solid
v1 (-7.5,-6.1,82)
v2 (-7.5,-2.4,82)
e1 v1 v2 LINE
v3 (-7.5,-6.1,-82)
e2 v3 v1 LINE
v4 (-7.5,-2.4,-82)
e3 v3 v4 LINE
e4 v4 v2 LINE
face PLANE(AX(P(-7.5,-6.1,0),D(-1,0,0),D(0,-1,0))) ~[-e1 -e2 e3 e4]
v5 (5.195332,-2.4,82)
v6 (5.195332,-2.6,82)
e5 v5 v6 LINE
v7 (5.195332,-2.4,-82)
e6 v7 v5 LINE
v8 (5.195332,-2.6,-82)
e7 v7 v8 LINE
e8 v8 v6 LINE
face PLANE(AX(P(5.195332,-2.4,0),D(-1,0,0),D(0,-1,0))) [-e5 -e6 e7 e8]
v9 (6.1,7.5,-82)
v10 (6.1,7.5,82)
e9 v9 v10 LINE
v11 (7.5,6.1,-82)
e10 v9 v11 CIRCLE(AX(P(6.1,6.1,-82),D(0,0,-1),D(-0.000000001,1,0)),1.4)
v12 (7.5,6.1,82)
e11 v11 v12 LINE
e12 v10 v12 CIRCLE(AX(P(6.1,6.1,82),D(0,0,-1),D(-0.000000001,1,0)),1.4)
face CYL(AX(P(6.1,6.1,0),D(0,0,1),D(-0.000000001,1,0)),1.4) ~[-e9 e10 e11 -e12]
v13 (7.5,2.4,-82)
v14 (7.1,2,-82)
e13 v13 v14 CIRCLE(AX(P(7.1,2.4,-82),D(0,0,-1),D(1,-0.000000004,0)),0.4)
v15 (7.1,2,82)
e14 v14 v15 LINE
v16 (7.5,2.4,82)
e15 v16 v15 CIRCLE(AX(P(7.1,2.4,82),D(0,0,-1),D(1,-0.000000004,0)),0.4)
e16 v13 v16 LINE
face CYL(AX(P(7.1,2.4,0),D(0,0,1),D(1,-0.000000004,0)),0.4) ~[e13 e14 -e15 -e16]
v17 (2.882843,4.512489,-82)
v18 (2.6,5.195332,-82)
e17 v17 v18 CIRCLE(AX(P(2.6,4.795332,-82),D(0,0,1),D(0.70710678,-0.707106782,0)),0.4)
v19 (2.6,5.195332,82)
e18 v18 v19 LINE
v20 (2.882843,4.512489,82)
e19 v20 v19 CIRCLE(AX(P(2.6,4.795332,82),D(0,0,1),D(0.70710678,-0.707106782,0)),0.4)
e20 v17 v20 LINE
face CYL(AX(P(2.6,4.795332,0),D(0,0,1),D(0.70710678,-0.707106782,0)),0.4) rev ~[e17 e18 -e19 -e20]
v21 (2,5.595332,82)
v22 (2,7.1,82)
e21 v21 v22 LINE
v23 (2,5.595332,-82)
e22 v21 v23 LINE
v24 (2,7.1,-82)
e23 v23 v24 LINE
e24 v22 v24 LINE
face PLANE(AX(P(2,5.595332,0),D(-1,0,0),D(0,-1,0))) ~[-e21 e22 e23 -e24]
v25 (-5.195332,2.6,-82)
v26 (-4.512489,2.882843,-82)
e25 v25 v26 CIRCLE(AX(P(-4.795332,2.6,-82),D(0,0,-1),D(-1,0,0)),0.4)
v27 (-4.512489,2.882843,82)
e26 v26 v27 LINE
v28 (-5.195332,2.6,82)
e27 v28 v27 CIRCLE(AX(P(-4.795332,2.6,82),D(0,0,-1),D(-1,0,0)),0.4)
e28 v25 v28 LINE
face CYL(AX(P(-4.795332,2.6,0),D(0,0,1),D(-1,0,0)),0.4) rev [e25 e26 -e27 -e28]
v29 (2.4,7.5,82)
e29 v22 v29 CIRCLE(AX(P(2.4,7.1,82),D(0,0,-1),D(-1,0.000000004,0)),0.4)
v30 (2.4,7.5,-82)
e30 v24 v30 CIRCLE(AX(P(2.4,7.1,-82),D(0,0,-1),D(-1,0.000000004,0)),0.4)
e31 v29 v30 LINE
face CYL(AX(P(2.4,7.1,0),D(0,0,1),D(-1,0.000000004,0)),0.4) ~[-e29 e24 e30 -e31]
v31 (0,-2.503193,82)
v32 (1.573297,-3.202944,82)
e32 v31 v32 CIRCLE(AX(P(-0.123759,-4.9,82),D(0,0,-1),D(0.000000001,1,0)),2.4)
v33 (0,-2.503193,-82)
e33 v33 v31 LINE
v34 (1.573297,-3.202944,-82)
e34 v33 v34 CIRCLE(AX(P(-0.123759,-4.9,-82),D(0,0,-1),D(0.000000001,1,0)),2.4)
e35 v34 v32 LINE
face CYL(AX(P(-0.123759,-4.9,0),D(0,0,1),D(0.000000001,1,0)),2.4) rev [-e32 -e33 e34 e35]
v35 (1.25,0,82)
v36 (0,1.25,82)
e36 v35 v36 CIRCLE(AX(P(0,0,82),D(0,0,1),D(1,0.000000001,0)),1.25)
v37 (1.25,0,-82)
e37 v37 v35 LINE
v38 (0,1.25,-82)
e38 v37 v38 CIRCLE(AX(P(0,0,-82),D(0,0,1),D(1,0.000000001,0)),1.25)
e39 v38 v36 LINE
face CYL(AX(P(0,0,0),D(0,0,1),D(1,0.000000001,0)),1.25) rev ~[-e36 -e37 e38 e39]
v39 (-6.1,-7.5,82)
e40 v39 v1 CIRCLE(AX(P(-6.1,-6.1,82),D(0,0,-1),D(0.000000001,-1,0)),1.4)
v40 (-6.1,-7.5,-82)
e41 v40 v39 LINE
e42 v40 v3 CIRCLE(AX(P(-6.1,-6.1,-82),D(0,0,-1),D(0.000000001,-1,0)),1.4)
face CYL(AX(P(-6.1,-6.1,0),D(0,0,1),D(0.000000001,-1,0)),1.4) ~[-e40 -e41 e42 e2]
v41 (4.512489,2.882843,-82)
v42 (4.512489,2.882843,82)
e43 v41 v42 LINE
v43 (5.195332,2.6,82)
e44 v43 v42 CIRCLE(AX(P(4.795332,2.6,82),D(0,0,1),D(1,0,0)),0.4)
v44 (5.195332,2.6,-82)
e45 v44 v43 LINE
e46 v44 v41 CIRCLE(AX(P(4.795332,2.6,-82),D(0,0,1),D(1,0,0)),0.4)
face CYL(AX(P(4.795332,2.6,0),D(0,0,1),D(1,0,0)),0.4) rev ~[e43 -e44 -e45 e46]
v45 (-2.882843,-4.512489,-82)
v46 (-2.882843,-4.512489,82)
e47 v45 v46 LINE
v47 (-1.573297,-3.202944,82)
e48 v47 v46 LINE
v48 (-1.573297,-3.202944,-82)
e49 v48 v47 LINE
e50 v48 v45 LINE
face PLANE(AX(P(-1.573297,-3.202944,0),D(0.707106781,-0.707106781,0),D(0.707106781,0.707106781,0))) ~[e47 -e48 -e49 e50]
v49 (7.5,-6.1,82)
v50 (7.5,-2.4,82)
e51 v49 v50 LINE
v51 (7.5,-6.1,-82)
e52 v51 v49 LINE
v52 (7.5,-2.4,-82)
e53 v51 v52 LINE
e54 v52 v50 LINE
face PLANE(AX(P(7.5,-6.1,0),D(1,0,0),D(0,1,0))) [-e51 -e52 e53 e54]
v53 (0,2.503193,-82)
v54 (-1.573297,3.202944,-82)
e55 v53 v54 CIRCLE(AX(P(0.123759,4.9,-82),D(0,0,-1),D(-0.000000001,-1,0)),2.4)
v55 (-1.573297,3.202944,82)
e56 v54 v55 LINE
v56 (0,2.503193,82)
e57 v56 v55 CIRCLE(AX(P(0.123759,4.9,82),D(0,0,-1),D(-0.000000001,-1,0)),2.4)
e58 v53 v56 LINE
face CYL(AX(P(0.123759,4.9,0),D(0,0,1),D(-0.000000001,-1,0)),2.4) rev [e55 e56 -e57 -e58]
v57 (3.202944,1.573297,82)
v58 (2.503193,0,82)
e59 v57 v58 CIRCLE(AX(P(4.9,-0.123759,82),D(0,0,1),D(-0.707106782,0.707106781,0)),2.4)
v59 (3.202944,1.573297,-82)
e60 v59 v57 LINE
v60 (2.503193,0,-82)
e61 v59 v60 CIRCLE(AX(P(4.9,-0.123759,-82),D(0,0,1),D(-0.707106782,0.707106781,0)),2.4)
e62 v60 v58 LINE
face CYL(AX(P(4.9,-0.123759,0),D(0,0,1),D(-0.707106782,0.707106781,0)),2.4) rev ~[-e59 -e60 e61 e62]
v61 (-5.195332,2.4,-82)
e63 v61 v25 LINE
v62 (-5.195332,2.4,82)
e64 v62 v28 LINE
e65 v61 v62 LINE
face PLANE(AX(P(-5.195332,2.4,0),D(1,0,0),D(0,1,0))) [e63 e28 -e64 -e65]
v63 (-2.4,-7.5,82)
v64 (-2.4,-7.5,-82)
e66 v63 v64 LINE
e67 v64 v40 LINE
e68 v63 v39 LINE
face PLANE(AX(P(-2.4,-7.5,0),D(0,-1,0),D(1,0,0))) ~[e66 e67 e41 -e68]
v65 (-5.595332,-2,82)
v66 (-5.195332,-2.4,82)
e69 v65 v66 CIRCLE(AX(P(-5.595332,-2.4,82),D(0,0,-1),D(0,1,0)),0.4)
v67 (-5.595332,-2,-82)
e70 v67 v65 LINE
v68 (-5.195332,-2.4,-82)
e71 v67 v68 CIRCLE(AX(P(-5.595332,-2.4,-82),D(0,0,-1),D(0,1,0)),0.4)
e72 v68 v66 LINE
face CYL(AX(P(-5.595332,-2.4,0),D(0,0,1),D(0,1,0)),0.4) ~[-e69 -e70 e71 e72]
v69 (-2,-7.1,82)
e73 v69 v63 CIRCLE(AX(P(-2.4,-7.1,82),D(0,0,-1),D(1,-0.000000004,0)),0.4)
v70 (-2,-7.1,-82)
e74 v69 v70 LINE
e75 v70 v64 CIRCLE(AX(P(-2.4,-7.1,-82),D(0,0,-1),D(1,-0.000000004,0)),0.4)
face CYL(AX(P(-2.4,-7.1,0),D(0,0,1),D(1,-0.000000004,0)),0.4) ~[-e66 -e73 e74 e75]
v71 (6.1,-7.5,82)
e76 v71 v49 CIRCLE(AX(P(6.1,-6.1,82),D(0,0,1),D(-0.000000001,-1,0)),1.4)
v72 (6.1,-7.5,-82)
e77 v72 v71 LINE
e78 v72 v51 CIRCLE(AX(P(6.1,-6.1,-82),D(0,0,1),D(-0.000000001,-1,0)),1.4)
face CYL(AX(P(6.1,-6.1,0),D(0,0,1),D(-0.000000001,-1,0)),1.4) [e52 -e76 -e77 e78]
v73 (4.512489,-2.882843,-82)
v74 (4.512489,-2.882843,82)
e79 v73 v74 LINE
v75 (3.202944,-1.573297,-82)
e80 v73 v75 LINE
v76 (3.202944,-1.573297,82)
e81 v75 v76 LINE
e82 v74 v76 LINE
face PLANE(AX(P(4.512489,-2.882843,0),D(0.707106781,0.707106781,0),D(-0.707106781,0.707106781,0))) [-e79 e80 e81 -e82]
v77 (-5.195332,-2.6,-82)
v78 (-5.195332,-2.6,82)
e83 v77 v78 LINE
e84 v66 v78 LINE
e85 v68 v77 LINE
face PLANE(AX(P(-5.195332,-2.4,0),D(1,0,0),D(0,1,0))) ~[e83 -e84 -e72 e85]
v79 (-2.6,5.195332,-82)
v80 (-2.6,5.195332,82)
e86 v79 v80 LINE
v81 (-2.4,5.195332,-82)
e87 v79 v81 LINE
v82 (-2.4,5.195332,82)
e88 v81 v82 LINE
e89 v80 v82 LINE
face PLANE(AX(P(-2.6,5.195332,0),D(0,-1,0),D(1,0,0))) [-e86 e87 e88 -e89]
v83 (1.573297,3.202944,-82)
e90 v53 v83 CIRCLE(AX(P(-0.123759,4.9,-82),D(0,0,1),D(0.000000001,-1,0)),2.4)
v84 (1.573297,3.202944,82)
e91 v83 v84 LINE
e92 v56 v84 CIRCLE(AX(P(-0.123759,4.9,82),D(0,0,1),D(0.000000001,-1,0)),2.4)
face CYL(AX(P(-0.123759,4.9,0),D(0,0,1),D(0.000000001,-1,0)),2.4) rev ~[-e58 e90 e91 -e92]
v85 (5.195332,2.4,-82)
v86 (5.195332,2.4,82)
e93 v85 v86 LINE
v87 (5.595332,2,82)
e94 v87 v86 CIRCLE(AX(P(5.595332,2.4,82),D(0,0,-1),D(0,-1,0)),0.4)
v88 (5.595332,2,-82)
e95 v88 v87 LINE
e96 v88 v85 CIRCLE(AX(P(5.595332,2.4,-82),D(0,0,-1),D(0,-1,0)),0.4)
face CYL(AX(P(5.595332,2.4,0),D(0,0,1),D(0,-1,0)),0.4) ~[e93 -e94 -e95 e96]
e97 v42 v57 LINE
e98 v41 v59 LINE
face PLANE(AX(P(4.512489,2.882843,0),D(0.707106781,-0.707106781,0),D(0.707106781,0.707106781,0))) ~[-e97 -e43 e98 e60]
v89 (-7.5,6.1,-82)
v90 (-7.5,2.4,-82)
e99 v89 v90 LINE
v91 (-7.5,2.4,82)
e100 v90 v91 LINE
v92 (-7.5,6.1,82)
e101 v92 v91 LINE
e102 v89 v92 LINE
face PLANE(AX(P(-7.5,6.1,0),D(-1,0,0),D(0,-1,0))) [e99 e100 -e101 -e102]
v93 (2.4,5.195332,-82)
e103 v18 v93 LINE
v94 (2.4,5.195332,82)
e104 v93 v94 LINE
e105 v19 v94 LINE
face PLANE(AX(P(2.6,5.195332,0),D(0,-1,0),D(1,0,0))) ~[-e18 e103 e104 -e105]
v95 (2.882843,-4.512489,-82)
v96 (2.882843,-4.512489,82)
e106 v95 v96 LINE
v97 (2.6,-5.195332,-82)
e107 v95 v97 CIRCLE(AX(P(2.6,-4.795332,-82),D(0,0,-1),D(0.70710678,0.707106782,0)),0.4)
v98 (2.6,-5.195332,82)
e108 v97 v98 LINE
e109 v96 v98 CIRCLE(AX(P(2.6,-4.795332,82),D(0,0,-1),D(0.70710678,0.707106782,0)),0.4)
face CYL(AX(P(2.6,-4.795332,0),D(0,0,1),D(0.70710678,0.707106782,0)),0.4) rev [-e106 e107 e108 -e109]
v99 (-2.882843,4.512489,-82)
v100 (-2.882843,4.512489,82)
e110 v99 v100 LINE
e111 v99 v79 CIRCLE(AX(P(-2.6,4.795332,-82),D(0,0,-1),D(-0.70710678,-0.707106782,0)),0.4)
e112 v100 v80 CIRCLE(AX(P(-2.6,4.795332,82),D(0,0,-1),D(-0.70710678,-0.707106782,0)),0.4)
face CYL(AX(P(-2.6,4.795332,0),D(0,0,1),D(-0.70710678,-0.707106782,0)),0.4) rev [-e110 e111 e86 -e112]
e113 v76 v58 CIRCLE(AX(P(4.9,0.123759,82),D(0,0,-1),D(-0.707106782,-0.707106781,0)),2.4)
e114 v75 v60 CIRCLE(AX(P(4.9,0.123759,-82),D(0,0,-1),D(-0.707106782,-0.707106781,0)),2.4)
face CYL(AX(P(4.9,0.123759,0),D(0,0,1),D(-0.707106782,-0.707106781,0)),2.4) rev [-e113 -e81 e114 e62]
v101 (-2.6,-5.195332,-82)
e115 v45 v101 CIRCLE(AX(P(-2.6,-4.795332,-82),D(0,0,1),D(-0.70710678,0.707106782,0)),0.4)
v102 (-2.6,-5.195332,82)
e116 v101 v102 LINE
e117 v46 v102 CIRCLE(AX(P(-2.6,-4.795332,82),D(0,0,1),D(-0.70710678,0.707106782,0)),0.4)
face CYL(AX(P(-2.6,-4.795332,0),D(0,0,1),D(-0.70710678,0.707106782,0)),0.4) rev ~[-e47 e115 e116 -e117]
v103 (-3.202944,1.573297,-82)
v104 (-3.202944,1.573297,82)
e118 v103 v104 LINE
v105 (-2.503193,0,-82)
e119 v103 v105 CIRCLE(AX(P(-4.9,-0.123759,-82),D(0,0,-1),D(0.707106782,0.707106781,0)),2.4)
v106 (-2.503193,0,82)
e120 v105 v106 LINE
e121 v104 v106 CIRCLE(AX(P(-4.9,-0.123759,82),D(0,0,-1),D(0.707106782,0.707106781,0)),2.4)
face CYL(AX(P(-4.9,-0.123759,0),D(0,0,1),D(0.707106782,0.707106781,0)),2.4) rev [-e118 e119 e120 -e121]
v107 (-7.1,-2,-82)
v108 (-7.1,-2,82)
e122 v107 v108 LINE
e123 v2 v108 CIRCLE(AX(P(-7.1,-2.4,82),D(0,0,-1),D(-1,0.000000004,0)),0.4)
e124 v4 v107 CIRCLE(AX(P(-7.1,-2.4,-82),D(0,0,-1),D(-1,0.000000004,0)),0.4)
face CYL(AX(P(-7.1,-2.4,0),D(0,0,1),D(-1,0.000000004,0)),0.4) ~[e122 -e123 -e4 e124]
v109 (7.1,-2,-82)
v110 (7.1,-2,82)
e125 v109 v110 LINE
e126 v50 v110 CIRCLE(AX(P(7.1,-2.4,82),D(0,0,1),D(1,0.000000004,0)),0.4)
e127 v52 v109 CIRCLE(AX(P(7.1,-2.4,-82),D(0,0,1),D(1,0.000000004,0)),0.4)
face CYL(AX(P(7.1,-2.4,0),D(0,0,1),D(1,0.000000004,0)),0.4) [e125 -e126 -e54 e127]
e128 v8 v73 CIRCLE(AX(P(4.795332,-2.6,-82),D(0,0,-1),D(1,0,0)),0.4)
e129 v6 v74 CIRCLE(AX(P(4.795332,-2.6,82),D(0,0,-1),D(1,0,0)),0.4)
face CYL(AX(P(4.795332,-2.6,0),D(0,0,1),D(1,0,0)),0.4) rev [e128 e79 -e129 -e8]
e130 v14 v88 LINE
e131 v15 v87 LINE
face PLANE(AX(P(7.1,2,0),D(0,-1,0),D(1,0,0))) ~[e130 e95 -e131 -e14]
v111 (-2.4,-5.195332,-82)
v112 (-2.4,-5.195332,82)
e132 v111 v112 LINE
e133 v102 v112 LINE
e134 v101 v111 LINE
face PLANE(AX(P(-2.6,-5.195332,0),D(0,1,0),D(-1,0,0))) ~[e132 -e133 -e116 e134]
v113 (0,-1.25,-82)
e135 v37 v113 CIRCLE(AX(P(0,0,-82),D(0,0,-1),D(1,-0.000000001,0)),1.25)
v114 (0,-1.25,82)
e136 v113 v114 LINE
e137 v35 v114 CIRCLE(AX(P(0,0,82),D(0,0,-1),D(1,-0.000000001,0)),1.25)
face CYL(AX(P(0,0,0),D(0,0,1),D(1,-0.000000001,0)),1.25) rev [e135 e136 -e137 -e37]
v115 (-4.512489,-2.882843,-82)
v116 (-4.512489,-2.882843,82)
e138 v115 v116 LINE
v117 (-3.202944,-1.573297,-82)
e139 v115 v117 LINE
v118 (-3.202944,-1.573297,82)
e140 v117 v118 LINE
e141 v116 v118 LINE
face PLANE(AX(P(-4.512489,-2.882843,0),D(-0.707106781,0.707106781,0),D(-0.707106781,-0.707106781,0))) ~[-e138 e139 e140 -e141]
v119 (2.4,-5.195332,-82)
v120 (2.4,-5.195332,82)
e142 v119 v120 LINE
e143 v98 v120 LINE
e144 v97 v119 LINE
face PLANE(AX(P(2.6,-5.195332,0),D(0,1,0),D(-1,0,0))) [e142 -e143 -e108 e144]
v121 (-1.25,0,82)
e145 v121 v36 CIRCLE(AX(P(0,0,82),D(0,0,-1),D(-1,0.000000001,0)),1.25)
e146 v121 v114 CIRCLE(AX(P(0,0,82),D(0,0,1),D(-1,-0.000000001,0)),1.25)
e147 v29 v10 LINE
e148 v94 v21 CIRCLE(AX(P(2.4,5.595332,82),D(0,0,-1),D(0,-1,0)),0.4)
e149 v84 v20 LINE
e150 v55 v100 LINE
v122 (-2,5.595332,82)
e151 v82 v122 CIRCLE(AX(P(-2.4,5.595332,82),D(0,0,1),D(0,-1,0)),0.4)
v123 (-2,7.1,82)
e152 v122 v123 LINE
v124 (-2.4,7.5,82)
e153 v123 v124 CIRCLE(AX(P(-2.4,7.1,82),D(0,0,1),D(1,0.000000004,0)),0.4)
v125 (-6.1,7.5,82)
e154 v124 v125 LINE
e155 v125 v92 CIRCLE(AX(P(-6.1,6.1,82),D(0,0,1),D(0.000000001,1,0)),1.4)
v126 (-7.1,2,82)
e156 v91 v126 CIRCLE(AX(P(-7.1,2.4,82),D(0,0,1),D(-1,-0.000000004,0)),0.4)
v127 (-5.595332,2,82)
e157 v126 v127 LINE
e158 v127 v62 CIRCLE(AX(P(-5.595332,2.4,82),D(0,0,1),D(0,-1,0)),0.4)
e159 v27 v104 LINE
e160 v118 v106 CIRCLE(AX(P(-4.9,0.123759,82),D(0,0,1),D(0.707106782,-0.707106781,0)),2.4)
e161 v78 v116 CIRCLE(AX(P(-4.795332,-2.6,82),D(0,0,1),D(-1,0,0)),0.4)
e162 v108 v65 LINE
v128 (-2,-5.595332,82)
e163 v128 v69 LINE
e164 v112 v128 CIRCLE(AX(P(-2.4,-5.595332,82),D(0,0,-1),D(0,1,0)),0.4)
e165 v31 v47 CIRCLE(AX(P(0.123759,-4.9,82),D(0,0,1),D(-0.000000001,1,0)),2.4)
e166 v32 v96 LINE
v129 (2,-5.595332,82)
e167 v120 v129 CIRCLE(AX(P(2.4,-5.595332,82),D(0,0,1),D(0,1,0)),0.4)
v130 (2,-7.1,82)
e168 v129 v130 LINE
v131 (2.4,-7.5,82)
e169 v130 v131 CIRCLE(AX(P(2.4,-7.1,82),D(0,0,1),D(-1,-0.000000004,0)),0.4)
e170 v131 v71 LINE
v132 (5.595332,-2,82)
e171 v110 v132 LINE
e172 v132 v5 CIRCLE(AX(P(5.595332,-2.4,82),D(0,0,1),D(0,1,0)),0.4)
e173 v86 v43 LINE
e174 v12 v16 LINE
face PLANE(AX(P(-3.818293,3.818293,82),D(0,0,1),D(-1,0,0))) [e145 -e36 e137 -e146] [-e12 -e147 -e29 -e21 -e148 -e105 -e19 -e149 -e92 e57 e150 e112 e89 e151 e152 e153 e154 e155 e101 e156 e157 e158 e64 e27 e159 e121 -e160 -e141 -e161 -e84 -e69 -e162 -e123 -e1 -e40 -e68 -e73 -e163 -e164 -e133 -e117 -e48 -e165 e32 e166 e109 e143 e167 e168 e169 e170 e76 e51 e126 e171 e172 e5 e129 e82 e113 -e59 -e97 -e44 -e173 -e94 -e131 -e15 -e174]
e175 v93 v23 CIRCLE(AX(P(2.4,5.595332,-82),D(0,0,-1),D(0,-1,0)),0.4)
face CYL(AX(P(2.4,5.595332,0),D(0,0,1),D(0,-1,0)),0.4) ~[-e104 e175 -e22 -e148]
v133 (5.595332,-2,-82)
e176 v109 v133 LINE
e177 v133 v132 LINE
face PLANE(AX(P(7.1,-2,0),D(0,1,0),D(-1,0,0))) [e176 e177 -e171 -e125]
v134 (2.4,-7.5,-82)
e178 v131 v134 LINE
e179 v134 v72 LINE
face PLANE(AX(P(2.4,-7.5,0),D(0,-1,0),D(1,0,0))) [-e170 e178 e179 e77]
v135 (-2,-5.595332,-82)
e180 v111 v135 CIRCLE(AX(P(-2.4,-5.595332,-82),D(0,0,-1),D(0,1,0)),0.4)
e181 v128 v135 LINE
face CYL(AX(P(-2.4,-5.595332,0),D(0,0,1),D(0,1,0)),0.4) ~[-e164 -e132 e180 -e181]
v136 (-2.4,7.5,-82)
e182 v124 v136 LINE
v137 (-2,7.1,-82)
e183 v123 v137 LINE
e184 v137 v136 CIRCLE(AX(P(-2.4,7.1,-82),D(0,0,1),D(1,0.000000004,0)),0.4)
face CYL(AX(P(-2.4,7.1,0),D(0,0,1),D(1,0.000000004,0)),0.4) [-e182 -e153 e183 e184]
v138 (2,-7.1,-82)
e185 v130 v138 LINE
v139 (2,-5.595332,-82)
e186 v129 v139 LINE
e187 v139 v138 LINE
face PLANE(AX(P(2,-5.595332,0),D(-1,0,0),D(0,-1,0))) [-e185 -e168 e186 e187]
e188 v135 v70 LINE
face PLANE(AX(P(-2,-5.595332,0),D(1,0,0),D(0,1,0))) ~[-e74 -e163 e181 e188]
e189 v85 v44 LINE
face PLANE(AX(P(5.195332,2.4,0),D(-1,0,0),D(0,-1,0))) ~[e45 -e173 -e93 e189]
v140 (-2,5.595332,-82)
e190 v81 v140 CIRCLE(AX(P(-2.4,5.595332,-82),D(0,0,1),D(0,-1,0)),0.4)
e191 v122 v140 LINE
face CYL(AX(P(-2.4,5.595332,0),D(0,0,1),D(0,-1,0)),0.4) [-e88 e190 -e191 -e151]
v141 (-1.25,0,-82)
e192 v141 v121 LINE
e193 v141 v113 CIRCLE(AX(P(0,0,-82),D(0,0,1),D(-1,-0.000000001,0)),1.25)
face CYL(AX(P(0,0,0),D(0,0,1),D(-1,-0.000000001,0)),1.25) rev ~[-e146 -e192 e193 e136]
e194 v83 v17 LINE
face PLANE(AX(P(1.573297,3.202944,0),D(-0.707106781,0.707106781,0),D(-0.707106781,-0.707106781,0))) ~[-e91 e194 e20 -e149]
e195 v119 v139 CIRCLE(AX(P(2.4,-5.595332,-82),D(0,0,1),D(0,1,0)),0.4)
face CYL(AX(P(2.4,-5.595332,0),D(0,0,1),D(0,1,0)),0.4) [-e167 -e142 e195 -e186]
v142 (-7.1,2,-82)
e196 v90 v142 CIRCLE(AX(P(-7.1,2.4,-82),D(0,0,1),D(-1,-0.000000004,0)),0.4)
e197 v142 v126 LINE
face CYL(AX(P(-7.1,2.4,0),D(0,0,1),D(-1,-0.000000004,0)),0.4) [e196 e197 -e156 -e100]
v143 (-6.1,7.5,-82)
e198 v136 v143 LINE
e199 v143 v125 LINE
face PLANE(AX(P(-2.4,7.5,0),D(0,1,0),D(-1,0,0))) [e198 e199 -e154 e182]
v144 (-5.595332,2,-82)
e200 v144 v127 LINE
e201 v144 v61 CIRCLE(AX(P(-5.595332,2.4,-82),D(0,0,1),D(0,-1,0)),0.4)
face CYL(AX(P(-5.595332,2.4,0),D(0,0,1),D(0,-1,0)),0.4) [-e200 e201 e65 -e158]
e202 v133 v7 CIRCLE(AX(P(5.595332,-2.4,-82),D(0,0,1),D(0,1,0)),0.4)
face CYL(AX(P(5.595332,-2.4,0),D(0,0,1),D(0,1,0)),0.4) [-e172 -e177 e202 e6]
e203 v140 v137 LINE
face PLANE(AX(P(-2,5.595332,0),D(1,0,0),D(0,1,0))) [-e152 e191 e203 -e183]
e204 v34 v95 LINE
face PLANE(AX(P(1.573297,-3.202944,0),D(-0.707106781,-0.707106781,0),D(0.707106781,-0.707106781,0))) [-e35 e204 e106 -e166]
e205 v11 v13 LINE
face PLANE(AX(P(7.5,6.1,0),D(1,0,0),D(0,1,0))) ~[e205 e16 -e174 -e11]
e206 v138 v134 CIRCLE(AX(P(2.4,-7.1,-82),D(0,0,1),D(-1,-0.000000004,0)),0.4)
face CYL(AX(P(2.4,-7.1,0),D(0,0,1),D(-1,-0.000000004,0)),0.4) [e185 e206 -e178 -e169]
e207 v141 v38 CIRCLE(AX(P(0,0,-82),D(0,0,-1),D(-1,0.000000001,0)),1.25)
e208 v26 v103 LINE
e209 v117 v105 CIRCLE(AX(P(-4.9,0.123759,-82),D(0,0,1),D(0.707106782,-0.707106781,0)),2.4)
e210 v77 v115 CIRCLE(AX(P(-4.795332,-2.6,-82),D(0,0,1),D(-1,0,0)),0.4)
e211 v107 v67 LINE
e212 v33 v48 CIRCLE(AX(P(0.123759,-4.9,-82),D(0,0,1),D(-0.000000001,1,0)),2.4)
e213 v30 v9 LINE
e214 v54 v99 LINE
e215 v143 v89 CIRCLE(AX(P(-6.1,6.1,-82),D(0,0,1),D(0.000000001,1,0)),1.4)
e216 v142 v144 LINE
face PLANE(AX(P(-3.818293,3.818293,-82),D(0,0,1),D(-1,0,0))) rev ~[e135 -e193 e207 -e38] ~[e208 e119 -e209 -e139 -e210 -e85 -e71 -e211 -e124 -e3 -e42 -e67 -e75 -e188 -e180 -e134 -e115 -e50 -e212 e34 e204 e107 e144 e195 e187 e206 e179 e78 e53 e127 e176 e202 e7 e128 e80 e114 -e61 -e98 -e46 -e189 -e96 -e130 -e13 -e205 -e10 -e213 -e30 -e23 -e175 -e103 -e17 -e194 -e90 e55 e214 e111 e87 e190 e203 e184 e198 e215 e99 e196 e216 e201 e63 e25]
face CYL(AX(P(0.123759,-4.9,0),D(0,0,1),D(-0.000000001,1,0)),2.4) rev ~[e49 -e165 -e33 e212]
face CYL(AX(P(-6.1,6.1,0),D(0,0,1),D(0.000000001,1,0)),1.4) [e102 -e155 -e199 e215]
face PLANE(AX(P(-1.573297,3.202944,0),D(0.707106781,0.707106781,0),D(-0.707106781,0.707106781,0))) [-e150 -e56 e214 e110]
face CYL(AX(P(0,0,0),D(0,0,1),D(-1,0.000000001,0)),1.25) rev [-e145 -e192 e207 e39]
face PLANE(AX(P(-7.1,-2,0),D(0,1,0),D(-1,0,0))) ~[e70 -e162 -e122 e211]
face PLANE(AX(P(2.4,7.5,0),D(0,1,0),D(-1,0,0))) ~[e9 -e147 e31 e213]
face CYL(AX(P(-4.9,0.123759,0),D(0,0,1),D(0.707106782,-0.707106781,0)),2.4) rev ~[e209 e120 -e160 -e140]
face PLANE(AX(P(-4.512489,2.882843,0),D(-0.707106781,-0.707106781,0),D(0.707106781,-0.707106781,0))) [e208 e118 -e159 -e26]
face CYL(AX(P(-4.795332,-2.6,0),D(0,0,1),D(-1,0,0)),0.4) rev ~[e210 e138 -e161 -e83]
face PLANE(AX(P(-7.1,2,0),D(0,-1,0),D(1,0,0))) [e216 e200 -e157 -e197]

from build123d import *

# Parameters (mm, degrees)
BOSS_EXTRUDE1_DEPTH = 82


with BuildPart() as part:
    # Sketch4 → Boss-Extrude1 (new body, symmetric)
    with BuildSketch(Plane.XY):
        with BuildLine():
            Line((2.4, -7.5), (6.1, -7.5))
            ThreePointArc((6.1, -7.5), (7.089949494, -7.089949494), (7.5, -6.1))
            Line((7.5, -6.1), (7.5, -2.4))
            ThreePointArc((7.5, -2.4), (7.382842712, -2.117157288), (7.1, -2))
            Line((7.1, -2), (5.595331881, -2))
            ThreePointArc((5.595331881, -2), (5.312489168, -2.117157288), (5.195331881, -2.4))
            Line((5.195331881, -2.4), (5.195331881, -2.6))
            ThreePointArc((5.195331881, -2.6), (4.948405254, -2.969551813), (4.512489168, -2.882842712))
            Line((4.512489168, -2.882842712), (3.202943725, -1.57329727))
            ThreePointArc((3.202943725, -1.57329727), (2.682689122, -0.794681232), (2.5, 0.123759005))
            Line((2.5, 0.123759005), (2.5, 0))
            Line((2.5, 0), (1.25, 0))
            ThreePointArc((1.25, 0), (0.883883476, -0.883883476), (0, -1.25))
            Line((0, -1.25), (0, -2.5))
            Line((0, -2.5), (-0.123759005, -2.5))
            ThreePointArc((-0.123759005, -2.5), (0.794681232, -2.682689122), (1.57329727, -3.202943725))
            Line((1.57329727, -3.202943725), (2.882842712, -4.512489168))
            ThreePointArc((2.882842712, -4.512489168), (2.969551813, -4.948405254), (2.6, -5.195331881))
            Line((2.6, -5.195331881), (2.4, -5.195331881))
            ThreePointArc((2.4, -5.195331881), (2.117157288, -5.312489168), (2, -5.595331881))
            Line((2, -5.595331881), (2, -7.1))
            ThreePointArc((2, -7.1), (2.117157288, -7.382842712), (2.4, -7.5))
        make_face()
    extrude(amount=BOSS_EXTRUDE1_DEPTH, both=True)

    # Mirror1: part across plane


with BuildPart() as part_1:
    add(part.part)
    add(part.part.mirror(Plane(origin=(0, 0, 0), x_dir=(0, 0, 1), z_dir=(1, 0, 0))))

    # Mirror2: part across plane


with BuildPart() as part_2:
    add(part_1.part)
    add(part_1.part.mirror(Plane.ZX))


solid = part_2.part
